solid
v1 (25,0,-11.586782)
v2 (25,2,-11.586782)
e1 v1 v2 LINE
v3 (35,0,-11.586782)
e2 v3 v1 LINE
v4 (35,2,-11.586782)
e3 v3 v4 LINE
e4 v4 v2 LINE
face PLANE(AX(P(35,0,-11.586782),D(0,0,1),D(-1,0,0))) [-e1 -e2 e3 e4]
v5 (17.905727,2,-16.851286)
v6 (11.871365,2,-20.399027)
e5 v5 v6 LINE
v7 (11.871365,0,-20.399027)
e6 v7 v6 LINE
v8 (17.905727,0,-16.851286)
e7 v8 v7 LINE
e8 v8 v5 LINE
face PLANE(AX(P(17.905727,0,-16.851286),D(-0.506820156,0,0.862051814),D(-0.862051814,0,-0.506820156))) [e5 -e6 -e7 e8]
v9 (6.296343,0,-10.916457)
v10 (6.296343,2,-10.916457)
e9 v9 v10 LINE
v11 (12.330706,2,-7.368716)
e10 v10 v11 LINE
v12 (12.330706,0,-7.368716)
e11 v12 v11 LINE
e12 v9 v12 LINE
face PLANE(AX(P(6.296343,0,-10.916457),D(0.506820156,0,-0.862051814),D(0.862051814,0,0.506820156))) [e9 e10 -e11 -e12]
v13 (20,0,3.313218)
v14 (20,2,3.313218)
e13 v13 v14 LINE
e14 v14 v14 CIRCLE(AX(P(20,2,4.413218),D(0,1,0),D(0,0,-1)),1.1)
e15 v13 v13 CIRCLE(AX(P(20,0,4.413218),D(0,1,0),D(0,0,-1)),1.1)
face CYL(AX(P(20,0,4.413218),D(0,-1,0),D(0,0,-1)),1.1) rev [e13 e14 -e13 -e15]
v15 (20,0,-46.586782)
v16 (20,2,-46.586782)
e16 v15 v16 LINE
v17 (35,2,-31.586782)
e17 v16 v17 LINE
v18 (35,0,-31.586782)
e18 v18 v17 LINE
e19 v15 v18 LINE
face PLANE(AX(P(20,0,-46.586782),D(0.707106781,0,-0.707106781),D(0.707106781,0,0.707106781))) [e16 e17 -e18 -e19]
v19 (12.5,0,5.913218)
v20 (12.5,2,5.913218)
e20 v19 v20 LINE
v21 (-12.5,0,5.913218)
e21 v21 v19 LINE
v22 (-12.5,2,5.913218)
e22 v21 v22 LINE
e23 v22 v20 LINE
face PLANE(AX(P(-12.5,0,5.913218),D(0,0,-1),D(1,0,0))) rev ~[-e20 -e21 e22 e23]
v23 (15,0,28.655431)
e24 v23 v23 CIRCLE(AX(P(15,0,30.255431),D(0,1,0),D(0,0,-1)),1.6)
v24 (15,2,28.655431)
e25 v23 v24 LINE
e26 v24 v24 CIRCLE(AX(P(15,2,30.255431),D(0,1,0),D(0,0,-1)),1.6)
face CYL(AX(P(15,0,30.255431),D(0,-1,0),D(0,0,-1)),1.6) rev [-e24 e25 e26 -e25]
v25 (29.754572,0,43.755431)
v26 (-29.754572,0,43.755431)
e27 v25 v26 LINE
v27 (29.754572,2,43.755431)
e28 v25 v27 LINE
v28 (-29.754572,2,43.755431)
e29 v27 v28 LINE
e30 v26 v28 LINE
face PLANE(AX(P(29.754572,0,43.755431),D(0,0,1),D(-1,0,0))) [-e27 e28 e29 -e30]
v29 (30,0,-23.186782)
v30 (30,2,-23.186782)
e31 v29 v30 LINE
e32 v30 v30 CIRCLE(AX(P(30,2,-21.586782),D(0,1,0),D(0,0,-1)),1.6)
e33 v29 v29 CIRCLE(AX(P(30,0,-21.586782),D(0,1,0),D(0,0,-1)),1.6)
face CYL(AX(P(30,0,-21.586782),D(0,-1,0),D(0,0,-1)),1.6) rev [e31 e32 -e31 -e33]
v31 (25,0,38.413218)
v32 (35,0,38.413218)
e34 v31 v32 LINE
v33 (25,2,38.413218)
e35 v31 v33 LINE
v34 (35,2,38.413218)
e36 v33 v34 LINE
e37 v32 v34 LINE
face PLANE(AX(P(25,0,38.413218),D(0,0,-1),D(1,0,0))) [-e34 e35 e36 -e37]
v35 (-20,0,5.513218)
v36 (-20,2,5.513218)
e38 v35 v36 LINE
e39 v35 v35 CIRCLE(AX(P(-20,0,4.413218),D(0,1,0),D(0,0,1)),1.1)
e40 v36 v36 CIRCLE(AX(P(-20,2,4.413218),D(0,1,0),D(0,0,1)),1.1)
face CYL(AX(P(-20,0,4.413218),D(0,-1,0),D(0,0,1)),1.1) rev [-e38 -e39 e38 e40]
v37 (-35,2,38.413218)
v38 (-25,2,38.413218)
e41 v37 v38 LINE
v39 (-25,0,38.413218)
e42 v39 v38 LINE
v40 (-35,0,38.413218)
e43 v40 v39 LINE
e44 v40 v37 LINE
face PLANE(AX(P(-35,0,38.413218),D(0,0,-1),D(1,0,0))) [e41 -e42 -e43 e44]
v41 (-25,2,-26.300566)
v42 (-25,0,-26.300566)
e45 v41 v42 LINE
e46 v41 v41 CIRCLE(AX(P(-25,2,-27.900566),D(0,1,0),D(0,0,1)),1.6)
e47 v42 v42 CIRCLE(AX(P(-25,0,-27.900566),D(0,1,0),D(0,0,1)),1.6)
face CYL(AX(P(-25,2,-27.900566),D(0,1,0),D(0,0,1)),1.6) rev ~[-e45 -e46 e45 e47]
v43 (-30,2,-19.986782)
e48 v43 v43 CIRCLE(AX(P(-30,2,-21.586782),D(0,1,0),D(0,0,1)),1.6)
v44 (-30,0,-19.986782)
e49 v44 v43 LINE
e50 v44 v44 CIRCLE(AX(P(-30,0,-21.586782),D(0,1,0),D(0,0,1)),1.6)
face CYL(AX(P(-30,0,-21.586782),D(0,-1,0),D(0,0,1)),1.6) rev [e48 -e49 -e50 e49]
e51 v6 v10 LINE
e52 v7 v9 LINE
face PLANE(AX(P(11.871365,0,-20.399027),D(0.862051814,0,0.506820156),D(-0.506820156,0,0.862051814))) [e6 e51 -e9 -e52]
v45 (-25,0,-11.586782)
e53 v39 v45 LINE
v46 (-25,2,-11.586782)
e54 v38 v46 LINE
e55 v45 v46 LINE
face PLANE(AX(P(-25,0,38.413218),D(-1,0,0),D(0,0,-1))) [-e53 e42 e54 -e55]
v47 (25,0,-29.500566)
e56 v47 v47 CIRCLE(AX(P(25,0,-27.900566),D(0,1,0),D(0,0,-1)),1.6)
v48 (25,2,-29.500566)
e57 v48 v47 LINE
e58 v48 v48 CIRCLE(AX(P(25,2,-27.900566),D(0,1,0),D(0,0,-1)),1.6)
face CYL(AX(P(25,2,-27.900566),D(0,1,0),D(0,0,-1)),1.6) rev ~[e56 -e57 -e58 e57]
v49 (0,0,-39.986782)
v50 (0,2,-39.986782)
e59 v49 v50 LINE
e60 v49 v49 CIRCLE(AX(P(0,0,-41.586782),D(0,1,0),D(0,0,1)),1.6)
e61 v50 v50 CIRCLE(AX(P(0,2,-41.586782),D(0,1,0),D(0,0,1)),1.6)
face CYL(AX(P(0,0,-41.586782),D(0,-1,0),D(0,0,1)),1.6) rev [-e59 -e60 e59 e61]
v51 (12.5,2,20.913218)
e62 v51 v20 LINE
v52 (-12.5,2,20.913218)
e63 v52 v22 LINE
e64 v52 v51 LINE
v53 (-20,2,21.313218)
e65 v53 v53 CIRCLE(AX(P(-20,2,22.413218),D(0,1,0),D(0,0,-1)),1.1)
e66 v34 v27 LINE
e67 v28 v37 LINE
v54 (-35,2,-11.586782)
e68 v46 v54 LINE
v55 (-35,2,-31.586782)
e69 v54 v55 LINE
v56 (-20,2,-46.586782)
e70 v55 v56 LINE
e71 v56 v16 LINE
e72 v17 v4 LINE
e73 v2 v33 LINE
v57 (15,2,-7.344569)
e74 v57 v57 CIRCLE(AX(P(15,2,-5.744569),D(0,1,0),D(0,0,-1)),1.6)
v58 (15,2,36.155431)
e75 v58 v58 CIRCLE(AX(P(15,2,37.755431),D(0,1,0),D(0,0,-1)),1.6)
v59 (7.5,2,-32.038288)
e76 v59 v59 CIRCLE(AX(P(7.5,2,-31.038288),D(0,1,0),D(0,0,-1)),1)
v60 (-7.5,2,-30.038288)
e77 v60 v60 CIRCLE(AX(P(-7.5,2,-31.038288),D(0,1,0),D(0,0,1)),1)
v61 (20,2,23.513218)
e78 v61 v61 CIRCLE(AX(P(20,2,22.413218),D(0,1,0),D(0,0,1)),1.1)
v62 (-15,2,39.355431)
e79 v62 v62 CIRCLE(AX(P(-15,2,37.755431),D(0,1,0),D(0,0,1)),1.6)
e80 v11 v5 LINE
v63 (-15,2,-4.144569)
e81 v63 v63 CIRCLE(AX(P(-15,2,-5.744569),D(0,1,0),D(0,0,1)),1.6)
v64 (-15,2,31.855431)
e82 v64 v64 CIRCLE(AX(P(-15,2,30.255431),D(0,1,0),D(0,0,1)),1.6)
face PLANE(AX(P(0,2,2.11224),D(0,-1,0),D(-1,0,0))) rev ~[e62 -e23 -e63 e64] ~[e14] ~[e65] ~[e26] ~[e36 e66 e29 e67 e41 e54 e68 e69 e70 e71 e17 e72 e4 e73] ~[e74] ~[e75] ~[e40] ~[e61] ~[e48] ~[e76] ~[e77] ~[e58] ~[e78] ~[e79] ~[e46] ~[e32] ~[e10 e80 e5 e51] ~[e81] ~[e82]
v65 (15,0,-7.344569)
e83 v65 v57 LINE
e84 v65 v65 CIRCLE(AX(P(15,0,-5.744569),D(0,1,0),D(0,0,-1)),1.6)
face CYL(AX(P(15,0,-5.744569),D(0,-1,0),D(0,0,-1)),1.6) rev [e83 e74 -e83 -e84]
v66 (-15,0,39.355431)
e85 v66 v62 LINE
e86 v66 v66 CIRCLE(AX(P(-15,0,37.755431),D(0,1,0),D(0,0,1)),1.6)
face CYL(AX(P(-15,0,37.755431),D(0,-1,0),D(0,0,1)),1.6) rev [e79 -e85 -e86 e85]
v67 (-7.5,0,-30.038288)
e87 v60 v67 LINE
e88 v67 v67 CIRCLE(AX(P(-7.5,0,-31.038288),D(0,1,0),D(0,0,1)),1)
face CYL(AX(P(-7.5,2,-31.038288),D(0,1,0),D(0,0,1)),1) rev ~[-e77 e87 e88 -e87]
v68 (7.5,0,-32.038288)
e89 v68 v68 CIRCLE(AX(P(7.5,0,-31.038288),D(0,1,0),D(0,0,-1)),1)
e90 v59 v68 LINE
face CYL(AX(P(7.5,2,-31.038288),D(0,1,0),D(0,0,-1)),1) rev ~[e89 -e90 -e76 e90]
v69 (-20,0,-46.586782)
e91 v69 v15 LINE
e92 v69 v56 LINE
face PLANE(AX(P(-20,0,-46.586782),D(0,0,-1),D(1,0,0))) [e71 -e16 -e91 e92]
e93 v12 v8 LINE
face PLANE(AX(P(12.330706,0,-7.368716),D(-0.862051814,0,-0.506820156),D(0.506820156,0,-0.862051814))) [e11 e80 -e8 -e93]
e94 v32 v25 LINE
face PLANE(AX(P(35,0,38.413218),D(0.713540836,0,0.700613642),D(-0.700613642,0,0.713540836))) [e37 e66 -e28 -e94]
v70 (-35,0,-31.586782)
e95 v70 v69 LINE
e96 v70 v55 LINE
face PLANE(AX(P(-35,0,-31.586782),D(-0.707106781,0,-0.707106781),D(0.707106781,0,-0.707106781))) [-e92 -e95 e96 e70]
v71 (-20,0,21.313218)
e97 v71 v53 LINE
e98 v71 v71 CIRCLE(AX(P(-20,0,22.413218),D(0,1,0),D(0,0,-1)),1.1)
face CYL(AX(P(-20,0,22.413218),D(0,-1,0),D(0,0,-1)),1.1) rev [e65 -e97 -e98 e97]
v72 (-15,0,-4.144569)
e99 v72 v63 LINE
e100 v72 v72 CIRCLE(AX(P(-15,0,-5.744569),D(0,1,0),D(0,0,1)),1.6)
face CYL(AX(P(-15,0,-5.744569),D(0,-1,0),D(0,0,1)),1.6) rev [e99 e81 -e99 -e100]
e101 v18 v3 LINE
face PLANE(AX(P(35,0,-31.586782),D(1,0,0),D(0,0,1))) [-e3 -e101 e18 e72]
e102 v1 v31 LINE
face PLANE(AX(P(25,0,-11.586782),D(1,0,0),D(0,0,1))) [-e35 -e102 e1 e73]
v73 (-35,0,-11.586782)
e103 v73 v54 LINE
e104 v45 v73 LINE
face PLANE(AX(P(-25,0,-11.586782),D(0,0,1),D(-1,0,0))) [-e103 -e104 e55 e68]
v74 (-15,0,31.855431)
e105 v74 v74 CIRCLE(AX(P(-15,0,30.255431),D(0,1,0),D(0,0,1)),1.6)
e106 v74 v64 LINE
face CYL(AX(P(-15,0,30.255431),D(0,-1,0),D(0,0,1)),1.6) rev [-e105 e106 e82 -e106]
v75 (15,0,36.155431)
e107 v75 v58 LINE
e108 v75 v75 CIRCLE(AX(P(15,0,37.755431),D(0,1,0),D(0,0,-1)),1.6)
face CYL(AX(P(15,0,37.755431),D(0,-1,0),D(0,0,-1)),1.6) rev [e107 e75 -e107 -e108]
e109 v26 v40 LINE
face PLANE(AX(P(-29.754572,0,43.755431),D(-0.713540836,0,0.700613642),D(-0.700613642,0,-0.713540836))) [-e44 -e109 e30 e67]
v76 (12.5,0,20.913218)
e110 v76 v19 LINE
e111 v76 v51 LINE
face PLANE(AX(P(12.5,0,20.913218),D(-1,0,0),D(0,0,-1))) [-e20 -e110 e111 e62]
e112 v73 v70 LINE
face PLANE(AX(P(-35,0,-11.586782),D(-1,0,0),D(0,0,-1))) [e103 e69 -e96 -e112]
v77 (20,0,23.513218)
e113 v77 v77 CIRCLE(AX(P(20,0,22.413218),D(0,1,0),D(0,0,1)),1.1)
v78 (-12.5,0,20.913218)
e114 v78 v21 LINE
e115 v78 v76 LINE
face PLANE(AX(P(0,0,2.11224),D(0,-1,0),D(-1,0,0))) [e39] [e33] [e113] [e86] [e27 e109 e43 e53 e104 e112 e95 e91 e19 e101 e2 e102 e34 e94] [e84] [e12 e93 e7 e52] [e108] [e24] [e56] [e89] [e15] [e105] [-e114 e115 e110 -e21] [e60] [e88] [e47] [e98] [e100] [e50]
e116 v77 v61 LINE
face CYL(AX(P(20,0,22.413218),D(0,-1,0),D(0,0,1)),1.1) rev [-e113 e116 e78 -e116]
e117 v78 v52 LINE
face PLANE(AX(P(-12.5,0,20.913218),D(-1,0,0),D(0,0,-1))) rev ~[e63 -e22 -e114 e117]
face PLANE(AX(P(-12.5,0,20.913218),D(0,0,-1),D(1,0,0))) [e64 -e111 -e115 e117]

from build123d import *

# Parameters (mm, degrees)
SKETCH1_R           = 1.6
SKETCH1_R_2         = 1.1
SKETCH1_W           = 25
SKETCH1_H           = 15
BOSS_EXTRUDE1_DEPTH = 2
SKETCH2_R           = 1.6
CUT_EXTRUDE1_DEPTH  = 15
SKETCH3_R           = 1
CUT_EXTRUDE2_DEPTH  = 59.303758671


with BuildPart() as part:
    # Sketch1 → Boss-Extrude1 (new body)
    with BuildSketch(Plane(origin=(0, 0, 0), x_dir=(1, 0, 0), z_dir=(0, 1, 0))):
        Polygon((-20, 46.586782193), (20, 46.586782193), (35, 31.586782193), (35, 11.586782193), (25, 11.586782193), (25, -38.413217807), (35, -38.413217807), (29.754571716, -43.75543078), (-29.754571716, -43.75543078), (-35, -38.413217807), (-25, -38.413217807), (-25, 11.586782193), (-35, 11.586782193), (-35, 31.586782193), align=None)
        with Locations(Location((-30, 21.586782193, 0), (0, 0, 270))):
            Circle(SKETCH1_R, mode=Mode.SUBTRACT)
        with Locations(Location((30, 21.586782193, 0), (0, 0, 90))):
            Circle(SKETCH1_R, mode=Mode.SUBTRACT)
        with Locations(Location((0, 41.586782193, 0), (0, 0, 270))):
            Circle(SKETCH1_R, mode=Mode.SUBTRACT)
        with Locations(Location((-20, -4.413217807, 0), (0, 0, 270))):
            Circle(SKETCH1_R_2, mode=Mode.SUBTRACT)
        with Locations(Location((-20, -22.413217807, 0), (0, 0, 90))):
            Circle(SKETCH1_R_2, mode=Mode.SUBTRACT)
        with Locations(Location((20, -4.413217807, 0), (0, 0, 90))):
            Circle(SKETCH1_R_2, mode=Mode.SUBTRACT)
        with Locations(Location((20, -22.413217807, 0), (0, 0, 270))):
            Circle(SKETCH1_R_2, mode=Mode.SUBTRACT)
        with Locations(Location((-15, -37.75543078, 0), (0, 0, 270))):
            Circle(SKETCH1_R, mode=Mode.SUBTRACT)
        with Locations(Location((15, -37.75543078, 0), (0, 0, 90))):
            Circle(SKETCH1_R, mode=Mode.SUBTRACT)
        with Locations(Location((-15, 5.74456922, 0), (0, 0, 270))):
            Circle(SKETCH1_R, mode=Mode.SUBTRACT)
        with Locations(Location((15, 5.74456922, 0), (0, 0, 90))):
            Circle(SKETCH1_R, mode=Mode.SUBTRACT)
        with Locations(Location((-15, -30.25543078, 0), (0, 0, 270))):
            Circle(SKETCH1_R, mode=Mode.SUBTRACT)
        with Locations(Location((15, -30.25543078, 0), (0, 0, 90))):
            Circle(SKETCH1_R, mode=Mode.SUBTRACT)
        Polygon((12.330705785, 7.368716231), (17.905727496, 16.851286185), (11.871364798, 20.399027274), (6.296343087, 10.91645732), align=None, mode=Mode.SUBTRACT)
        with Locations((0, -13.413217807)):
            Rectangle(SKETCH1_W, SKETCH1_H, mode=Mode.SUBTRACT)
    extrude(amount=BOSS_EXTRUDE1_DEPTH)

    # Sketch2 → Cut-Extrude1 (cut)
    with BuildSketch(Plane(origin=(0, 2, 0), x_dir=(1, 0, 0), z_dir=(0, 1, 0))):
        with Locations(Location((-25, 27.900566449, 0), (0, 0, 270))):
            Circle(SKETCH2_R)
        with Locations(Location((25, 27.900566449, 0), (0, 0, 90))):
            Circle(SKETCH2_R)
    extrude(amount=-CUT_EXTRUDE1_DEPTH, mode=Mode.SUBTRACT)

    # Sketch3 → Cut-Extrude2 (cut, through all)
    with BuildSketch(Plane(origin=(0, 2, 0), x_dir=(1, 0, 0), z_dir=(0, 1, 0))):
        with Locations(Location((-7.5, 31.038288012, 0), (0, 0, 270))):
            Circle(SKETCH3_R)
        with Locations(Location((7.5, 31.038288012, 0), (0, 0, 90))):
            Circle(SKETCH3_R)
    extrude(amount=-CUT_EXTRUDE2_DEPTH, mode=Mode.SUBTRACT)


solid = part.part
